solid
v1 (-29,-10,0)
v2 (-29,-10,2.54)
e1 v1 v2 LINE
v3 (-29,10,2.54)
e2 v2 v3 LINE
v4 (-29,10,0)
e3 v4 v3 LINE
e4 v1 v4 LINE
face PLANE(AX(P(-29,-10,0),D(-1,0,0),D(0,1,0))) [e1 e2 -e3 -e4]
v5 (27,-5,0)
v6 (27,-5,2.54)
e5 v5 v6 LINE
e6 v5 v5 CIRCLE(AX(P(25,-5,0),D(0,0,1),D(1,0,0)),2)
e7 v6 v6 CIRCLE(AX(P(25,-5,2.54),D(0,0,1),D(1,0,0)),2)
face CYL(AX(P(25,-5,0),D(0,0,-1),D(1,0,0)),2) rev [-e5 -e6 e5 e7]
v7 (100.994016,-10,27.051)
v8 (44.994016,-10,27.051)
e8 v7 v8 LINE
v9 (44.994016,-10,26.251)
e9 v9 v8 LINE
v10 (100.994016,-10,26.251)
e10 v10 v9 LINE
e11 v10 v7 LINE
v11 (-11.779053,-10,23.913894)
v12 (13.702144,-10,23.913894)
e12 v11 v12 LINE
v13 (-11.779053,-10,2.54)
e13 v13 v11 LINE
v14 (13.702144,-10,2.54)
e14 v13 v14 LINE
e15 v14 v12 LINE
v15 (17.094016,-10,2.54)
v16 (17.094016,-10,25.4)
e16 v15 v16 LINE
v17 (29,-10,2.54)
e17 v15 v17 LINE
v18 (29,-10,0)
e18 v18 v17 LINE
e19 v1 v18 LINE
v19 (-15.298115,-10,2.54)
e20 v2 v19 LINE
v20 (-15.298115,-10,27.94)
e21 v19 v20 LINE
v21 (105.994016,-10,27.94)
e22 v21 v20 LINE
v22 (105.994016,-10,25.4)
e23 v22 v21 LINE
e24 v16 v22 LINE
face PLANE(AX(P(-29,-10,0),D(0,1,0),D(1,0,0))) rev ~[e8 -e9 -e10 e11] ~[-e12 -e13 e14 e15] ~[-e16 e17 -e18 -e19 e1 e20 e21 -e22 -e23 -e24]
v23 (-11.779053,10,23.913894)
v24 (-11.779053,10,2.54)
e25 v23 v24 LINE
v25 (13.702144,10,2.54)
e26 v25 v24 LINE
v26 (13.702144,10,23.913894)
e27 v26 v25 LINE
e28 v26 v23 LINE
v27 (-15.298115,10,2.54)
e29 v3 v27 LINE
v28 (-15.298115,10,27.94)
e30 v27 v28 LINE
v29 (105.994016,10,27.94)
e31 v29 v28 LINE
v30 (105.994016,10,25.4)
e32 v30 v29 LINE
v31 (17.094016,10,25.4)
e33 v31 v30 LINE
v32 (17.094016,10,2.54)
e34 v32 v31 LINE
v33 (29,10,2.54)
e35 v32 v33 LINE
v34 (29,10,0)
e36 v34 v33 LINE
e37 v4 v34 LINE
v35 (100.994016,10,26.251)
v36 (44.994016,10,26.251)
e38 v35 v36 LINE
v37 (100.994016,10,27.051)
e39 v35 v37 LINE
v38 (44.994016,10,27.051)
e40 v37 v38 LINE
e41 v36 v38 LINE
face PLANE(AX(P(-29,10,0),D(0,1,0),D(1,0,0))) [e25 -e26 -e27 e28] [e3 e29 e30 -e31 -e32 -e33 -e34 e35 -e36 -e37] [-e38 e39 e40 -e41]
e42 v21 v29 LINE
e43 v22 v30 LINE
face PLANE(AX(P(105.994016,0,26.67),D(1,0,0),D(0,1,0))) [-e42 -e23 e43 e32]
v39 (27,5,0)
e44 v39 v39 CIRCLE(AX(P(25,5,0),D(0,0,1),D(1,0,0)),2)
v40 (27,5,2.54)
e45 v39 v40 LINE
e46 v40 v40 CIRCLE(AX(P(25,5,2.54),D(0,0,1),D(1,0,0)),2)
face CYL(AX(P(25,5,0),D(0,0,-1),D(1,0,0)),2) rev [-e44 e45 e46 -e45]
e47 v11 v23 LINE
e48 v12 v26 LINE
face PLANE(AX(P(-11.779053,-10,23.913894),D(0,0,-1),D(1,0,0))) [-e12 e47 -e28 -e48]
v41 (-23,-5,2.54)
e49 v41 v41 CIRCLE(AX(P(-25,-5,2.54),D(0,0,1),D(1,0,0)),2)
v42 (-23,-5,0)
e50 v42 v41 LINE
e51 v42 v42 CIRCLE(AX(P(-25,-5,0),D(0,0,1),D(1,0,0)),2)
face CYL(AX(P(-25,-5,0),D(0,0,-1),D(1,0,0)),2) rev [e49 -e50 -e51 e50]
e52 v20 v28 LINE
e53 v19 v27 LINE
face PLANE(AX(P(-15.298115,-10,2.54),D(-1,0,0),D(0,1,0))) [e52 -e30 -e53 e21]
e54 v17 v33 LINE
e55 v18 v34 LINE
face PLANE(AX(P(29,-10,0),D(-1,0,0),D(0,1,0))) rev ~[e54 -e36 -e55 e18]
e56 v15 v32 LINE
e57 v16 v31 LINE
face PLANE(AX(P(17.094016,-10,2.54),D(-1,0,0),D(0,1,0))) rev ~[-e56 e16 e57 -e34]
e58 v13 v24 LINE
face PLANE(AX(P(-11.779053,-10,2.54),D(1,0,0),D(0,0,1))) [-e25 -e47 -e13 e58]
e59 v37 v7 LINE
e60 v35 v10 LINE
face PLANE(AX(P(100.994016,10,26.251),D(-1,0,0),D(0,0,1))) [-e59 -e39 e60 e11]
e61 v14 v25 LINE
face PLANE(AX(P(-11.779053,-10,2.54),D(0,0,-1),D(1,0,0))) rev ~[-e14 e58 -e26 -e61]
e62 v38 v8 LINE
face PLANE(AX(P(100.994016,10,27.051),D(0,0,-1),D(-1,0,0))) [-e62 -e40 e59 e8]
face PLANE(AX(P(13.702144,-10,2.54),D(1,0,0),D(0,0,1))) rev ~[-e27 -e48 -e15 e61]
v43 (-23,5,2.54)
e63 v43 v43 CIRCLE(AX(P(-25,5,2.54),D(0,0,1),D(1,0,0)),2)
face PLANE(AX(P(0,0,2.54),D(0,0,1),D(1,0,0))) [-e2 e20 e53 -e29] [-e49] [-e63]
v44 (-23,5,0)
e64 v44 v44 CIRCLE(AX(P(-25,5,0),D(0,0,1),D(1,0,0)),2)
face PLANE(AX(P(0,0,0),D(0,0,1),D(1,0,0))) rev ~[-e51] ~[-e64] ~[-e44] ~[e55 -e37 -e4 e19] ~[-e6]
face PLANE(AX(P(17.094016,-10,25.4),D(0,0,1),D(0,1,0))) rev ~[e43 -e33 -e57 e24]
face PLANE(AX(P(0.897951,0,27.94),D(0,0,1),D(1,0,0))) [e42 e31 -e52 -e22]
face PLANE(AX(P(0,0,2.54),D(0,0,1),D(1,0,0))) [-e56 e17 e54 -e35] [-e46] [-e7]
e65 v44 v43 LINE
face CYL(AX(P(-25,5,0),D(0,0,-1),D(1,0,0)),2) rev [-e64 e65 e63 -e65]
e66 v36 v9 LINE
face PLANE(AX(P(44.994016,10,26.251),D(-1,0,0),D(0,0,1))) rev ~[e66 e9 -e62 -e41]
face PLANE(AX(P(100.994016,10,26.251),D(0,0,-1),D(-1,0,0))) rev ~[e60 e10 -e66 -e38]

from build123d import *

# Parameters (mm, degrees)
F0_W     = 58
F0_H     = 20
F0_R     = 2
F1_DEPTH = 2.54
F2_W     = 32.392131
F2_H     = 20
F3_DEPTH = 25.4
F4_W     = 20
F4_H     = 2.54
F5_DEPTH = 88.9
F6_W     = 56
F6_H     = 0.8
F7_DEPTH = 20.001
F8_W     = 25.481197
F8_H     = 21.373894
F9_DEPTH = 20.001


with BuildPart() as f1:
    # F0 (on Top) → F1 (new body)
    with BuildSketch(Plane.XY):
        Rectangle(F0_W, F0_H)
        with Locations((-25, -5)):
            Circle(F0_R, mode=Mode.SUBTRACT)
        with Locations((25, -5)):
            Circle(F0_R, mode=Mode.SUBTRACT)
        with Locations((-25, 5)):
            Circle(F0_R, mode=Mode.SUBTRACT)
        with Locations((25, 5)):
            Circle(F0_R, mode=Mode.SUBTRACT)
    extrude(amount=F1_DEPTH)

    # F2 (on face) → F3 (join)
    with BuildSketch(Plane.XY.offset(2.54)):
        with Locations((0.897951, 0)):
            Rectangle(F2_W, F2_H)
    extrude(amount=F3_DEPTH)

    # F4 (on face) → F5 (join)
    with BuildSketch(Plane.YZ.offset(17.094016)):
        with Locations((0, 26.67)):
            Rectangle(F4_W, F4_H)
    extrude(amount=F5_DEPTH)

    # F6 (on face) → F7 (cut, through all)
    with BuildSketch(Plane(origin=(0, 10, 0), x_dir=(-1, 0, 0), z_dir=(0, 1, 0))):
        with Locations((-72.994016, 26.651)):
            Rectangle(F6_W, F6_H)
    extrude(amount=-F7_DEPTH, mode=Mode.SUBTRACT)

    # F8 (on face) → F9 (cut, through all)
    with BuildSketch(Plane.XZ.offset(10)):
        with Locations((0.961546, 13.226947)):
            Rectangle(F8_W, F8_H)
    extrude(amount=-F9_DEPTH, mode=Mode.SUBTRACT)


solid = f1.part
